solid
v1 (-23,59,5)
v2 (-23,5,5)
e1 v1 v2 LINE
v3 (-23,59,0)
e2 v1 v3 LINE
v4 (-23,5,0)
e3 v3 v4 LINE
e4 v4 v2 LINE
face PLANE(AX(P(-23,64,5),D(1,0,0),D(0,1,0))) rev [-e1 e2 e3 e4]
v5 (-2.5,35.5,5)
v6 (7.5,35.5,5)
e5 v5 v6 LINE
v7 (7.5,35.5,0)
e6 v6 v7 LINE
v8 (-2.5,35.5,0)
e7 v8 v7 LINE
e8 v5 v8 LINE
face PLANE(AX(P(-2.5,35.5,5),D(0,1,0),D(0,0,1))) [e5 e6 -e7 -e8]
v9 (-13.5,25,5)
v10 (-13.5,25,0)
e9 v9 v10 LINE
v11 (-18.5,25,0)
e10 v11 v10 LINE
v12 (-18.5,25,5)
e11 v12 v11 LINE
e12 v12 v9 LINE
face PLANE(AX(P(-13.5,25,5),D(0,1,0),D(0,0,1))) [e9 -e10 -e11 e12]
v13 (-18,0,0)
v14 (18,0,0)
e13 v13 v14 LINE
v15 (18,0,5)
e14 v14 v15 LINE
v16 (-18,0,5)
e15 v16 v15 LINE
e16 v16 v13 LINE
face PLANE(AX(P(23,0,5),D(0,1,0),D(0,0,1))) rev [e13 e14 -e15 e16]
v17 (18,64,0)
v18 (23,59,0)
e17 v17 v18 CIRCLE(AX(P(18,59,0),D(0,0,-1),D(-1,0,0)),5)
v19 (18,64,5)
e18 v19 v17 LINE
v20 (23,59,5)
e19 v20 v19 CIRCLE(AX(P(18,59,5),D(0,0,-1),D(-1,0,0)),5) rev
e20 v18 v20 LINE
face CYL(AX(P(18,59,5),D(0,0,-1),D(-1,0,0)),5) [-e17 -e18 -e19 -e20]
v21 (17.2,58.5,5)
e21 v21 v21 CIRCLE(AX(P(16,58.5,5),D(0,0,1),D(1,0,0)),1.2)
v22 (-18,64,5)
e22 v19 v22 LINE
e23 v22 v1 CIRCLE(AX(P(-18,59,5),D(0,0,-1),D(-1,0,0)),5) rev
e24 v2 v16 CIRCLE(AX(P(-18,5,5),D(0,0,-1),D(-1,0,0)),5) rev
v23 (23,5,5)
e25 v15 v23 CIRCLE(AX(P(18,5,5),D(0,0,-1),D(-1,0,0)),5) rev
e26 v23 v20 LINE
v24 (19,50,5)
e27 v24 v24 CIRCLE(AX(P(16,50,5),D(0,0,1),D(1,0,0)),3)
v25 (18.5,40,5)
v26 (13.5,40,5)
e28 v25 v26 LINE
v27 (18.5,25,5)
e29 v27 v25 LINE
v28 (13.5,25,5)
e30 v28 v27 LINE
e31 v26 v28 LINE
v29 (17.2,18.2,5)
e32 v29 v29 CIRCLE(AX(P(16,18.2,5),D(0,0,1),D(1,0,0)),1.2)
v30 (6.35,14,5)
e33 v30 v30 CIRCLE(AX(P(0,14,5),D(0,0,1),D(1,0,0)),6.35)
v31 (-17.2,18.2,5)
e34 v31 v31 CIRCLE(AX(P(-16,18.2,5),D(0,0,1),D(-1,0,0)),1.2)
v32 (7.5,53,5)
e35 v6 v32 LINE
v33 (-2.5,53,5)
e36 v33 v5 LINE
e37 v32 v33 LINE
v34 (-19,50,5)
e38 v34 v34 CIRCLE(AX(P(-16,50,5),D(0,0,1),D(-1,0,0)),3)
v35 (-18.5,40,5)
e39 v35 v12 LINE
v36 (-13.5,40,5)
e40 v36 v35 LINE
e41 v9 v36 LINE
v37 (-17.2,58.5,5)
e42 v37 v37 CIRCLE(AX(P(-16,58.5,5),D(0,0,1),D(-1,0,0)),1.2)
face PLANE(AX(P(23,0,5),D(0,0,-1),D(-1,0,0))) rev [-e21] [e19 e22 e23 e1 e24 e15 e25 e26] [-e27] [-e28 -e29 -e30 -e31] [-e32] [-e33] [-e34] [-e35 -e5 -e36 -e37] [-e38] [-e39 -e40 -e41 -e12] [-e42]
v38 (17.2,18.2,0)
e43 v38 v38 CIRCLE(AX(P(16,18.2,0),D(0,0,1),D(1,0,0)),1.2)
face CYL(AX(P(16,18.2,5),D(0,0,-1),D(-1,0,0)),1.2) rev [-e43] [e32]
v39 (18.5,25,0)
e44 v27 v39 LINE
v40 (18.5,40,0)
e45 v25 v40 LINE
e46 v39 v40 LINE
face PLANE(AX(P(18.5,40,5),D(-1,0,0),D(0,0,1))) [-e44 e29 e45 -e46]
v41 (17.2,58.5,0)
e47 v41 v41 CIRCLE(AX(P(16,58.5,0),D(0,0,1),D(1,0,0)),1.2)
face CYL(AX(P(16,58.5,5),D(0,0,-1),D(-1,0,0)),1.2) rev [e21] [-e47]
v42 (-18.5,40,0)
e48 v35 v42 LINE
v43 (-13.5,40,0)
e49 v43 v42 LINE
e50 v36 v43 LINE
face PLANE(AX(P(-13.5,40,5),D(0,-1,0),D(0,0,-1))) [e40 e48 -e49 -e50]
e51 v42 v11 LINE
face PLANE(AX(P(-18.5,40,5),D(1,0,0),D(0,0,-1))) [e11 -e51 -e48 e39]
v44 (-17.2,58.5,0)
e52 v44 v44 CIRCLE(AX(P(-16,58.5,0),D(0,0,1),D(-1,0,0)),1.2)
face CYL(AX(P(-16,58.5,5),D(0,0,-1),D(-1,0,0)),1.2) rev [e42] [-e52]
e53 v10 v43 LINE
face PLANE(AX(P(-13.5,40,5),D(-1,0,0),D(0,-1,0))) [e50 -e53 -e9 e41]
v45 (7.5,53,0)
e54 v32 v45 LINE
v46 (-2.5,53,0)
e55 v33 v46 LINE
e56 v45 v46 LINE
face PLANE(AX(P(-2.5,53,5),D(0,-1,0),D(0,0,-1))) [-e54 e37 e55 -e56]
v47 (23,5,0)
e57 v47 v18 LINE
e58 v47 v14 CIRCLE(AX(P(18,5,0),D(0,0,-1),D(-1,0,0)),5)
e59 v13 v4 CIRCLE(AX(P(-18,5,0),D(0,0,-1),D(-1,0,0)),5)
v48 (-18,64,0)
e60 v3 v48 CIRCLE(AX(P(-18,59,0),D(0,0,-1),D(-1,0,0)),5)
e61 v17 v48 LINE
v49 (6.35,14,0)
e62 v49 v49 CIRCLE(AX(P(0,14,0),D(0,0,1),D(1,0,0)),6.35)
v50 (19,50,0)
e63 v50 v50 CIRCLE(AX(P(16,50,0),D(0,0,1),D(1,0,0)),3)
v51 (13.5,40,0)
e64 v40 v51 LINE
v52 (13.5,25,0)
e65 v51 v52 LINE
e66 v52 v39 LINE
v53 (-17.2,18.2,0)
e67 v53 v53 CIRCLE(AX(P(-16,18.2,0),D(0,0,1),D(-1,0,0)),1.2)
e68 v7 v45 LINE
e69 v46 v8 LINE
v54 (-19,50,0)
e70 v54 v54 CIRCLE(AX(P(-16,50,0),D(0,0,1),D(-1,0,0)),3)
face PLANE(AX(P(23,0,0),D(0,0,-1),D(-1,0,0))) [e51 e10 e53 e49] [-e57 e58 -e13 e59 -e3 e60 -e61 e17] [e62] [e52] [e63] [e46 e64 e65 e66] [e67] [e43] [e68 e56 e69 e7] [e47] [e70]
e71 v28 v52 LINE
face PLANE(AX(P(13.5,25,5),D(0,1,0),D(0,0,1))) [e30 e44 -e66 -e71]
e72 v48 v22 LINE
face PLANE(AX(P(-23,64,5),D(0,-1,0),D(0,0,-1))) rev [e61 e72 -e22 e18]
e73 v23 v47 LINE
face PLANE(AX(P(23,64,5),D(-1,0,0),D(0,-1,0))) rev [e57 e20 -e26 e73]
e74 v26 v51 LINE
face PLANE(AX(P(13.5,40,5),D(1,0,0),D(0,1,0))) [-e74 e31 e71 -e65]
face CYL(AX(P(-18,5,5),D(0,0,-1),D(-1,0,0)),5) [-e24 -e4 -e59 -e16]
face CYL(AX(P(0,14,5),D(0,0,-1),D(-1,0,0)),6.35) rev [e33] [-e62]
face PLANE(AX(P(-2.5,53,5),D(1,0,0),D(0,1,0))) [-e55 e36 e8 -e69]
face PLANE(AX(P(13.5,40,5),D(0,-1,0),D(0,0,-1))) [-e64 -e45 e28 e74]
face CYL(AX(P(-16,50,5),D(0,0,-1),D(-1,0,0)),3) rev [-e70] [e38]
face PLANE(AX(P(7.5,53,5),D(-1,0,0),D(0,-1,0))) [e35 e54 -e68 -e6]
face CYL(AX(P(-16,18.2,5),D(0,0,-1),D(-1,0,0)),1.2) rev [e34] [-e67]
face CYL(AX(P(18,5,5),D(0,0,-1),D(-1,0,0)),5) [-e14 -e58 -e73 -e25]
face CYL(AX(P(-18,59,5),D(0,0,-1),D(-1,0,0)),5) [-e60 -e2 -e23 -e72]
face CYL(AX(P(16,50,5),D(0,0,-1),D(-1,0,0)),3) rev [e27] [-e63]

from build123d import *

# Parameters (mm, degrees)
SKETCH1_W           = 46
SKETCH1_H           = 64
SKETCH1_R           = 3
SKETCH1_R_2         = 1.2
SKETCH1_R_3         = 6.35
SKETCH1_W_2         = 5
SKETCH1_H_2         = 15
SKETCH1_W_3         = 10
SKETCH1_H_3         = 17.5
BOSS_EXTRUDE1_DEPTH = 5
FILLET1_R           = 5


with BuildPart() as part:
    # Sketch1 → Boss-Extrude1 (new body)
    with BuildSketch(Plane.XY):
        with Locations((0, 32)):
            Rectangle(SKETCH1_W, SKETCH1_H)
        with Locations((16, 50)):
            Circle(SKETCH1_R, mode=Mode.SUBTRACT)
        with Locations((16, 18.2)):
            Circle(SKETCH1_R_2, mode=Mode.SUBTRACT)
        with Locations((16, 58.5)):
            Circle(SKETCH1_R_2, mode=Mode.SUBTRACT)
        with Locations((-16, 58.5)):
            Circle(SKETCH1_R_2, mode=Mode.SUBTRACT)
        with Locations((-16, 18.2)):
            Circle(SKETCH1_R_2, mode=Mode.SUBTRACT)
        with Locations((-16, 50)):
            Circle(SKETCH1_R, mode=Mode.SUBTRACT)
        with Locations((0, 14)):
            Circle(SKETCH1_R_3, mode=Mode.SUBTRACT)
        with Locations((16, 32.5)):
            Rectangle(SKETCH1_W_2, SKETCH1_H_2, mode=Mode.SUBTRACT)
        with Locations((2.5, 44.25)):
            Rectangle(SKETCH1_W_3, SKETCH1_H_3, mode=Mode.SUBTRACT)
        with Locations((-16, 32.5)):
            Rectangle(SKETCH1_W_2, SKETCH1_H_2, mode=Mode.SUBTRACT)
    extrude(amount=BOSS_EXTRUDE1_DEPTH)

    # Fillet1
    fillet1_edges = [part.edges().sort_by_distance(p)[0] for p in [
        (23, 0, 2.5),
        (-23, 0, 2.5),
        (-23, 64, 2.5),
        (23, 64, 2.5),
    ]]
    fillet(fillet1_edges, radius=FILLET1_R)


solid = part.part
